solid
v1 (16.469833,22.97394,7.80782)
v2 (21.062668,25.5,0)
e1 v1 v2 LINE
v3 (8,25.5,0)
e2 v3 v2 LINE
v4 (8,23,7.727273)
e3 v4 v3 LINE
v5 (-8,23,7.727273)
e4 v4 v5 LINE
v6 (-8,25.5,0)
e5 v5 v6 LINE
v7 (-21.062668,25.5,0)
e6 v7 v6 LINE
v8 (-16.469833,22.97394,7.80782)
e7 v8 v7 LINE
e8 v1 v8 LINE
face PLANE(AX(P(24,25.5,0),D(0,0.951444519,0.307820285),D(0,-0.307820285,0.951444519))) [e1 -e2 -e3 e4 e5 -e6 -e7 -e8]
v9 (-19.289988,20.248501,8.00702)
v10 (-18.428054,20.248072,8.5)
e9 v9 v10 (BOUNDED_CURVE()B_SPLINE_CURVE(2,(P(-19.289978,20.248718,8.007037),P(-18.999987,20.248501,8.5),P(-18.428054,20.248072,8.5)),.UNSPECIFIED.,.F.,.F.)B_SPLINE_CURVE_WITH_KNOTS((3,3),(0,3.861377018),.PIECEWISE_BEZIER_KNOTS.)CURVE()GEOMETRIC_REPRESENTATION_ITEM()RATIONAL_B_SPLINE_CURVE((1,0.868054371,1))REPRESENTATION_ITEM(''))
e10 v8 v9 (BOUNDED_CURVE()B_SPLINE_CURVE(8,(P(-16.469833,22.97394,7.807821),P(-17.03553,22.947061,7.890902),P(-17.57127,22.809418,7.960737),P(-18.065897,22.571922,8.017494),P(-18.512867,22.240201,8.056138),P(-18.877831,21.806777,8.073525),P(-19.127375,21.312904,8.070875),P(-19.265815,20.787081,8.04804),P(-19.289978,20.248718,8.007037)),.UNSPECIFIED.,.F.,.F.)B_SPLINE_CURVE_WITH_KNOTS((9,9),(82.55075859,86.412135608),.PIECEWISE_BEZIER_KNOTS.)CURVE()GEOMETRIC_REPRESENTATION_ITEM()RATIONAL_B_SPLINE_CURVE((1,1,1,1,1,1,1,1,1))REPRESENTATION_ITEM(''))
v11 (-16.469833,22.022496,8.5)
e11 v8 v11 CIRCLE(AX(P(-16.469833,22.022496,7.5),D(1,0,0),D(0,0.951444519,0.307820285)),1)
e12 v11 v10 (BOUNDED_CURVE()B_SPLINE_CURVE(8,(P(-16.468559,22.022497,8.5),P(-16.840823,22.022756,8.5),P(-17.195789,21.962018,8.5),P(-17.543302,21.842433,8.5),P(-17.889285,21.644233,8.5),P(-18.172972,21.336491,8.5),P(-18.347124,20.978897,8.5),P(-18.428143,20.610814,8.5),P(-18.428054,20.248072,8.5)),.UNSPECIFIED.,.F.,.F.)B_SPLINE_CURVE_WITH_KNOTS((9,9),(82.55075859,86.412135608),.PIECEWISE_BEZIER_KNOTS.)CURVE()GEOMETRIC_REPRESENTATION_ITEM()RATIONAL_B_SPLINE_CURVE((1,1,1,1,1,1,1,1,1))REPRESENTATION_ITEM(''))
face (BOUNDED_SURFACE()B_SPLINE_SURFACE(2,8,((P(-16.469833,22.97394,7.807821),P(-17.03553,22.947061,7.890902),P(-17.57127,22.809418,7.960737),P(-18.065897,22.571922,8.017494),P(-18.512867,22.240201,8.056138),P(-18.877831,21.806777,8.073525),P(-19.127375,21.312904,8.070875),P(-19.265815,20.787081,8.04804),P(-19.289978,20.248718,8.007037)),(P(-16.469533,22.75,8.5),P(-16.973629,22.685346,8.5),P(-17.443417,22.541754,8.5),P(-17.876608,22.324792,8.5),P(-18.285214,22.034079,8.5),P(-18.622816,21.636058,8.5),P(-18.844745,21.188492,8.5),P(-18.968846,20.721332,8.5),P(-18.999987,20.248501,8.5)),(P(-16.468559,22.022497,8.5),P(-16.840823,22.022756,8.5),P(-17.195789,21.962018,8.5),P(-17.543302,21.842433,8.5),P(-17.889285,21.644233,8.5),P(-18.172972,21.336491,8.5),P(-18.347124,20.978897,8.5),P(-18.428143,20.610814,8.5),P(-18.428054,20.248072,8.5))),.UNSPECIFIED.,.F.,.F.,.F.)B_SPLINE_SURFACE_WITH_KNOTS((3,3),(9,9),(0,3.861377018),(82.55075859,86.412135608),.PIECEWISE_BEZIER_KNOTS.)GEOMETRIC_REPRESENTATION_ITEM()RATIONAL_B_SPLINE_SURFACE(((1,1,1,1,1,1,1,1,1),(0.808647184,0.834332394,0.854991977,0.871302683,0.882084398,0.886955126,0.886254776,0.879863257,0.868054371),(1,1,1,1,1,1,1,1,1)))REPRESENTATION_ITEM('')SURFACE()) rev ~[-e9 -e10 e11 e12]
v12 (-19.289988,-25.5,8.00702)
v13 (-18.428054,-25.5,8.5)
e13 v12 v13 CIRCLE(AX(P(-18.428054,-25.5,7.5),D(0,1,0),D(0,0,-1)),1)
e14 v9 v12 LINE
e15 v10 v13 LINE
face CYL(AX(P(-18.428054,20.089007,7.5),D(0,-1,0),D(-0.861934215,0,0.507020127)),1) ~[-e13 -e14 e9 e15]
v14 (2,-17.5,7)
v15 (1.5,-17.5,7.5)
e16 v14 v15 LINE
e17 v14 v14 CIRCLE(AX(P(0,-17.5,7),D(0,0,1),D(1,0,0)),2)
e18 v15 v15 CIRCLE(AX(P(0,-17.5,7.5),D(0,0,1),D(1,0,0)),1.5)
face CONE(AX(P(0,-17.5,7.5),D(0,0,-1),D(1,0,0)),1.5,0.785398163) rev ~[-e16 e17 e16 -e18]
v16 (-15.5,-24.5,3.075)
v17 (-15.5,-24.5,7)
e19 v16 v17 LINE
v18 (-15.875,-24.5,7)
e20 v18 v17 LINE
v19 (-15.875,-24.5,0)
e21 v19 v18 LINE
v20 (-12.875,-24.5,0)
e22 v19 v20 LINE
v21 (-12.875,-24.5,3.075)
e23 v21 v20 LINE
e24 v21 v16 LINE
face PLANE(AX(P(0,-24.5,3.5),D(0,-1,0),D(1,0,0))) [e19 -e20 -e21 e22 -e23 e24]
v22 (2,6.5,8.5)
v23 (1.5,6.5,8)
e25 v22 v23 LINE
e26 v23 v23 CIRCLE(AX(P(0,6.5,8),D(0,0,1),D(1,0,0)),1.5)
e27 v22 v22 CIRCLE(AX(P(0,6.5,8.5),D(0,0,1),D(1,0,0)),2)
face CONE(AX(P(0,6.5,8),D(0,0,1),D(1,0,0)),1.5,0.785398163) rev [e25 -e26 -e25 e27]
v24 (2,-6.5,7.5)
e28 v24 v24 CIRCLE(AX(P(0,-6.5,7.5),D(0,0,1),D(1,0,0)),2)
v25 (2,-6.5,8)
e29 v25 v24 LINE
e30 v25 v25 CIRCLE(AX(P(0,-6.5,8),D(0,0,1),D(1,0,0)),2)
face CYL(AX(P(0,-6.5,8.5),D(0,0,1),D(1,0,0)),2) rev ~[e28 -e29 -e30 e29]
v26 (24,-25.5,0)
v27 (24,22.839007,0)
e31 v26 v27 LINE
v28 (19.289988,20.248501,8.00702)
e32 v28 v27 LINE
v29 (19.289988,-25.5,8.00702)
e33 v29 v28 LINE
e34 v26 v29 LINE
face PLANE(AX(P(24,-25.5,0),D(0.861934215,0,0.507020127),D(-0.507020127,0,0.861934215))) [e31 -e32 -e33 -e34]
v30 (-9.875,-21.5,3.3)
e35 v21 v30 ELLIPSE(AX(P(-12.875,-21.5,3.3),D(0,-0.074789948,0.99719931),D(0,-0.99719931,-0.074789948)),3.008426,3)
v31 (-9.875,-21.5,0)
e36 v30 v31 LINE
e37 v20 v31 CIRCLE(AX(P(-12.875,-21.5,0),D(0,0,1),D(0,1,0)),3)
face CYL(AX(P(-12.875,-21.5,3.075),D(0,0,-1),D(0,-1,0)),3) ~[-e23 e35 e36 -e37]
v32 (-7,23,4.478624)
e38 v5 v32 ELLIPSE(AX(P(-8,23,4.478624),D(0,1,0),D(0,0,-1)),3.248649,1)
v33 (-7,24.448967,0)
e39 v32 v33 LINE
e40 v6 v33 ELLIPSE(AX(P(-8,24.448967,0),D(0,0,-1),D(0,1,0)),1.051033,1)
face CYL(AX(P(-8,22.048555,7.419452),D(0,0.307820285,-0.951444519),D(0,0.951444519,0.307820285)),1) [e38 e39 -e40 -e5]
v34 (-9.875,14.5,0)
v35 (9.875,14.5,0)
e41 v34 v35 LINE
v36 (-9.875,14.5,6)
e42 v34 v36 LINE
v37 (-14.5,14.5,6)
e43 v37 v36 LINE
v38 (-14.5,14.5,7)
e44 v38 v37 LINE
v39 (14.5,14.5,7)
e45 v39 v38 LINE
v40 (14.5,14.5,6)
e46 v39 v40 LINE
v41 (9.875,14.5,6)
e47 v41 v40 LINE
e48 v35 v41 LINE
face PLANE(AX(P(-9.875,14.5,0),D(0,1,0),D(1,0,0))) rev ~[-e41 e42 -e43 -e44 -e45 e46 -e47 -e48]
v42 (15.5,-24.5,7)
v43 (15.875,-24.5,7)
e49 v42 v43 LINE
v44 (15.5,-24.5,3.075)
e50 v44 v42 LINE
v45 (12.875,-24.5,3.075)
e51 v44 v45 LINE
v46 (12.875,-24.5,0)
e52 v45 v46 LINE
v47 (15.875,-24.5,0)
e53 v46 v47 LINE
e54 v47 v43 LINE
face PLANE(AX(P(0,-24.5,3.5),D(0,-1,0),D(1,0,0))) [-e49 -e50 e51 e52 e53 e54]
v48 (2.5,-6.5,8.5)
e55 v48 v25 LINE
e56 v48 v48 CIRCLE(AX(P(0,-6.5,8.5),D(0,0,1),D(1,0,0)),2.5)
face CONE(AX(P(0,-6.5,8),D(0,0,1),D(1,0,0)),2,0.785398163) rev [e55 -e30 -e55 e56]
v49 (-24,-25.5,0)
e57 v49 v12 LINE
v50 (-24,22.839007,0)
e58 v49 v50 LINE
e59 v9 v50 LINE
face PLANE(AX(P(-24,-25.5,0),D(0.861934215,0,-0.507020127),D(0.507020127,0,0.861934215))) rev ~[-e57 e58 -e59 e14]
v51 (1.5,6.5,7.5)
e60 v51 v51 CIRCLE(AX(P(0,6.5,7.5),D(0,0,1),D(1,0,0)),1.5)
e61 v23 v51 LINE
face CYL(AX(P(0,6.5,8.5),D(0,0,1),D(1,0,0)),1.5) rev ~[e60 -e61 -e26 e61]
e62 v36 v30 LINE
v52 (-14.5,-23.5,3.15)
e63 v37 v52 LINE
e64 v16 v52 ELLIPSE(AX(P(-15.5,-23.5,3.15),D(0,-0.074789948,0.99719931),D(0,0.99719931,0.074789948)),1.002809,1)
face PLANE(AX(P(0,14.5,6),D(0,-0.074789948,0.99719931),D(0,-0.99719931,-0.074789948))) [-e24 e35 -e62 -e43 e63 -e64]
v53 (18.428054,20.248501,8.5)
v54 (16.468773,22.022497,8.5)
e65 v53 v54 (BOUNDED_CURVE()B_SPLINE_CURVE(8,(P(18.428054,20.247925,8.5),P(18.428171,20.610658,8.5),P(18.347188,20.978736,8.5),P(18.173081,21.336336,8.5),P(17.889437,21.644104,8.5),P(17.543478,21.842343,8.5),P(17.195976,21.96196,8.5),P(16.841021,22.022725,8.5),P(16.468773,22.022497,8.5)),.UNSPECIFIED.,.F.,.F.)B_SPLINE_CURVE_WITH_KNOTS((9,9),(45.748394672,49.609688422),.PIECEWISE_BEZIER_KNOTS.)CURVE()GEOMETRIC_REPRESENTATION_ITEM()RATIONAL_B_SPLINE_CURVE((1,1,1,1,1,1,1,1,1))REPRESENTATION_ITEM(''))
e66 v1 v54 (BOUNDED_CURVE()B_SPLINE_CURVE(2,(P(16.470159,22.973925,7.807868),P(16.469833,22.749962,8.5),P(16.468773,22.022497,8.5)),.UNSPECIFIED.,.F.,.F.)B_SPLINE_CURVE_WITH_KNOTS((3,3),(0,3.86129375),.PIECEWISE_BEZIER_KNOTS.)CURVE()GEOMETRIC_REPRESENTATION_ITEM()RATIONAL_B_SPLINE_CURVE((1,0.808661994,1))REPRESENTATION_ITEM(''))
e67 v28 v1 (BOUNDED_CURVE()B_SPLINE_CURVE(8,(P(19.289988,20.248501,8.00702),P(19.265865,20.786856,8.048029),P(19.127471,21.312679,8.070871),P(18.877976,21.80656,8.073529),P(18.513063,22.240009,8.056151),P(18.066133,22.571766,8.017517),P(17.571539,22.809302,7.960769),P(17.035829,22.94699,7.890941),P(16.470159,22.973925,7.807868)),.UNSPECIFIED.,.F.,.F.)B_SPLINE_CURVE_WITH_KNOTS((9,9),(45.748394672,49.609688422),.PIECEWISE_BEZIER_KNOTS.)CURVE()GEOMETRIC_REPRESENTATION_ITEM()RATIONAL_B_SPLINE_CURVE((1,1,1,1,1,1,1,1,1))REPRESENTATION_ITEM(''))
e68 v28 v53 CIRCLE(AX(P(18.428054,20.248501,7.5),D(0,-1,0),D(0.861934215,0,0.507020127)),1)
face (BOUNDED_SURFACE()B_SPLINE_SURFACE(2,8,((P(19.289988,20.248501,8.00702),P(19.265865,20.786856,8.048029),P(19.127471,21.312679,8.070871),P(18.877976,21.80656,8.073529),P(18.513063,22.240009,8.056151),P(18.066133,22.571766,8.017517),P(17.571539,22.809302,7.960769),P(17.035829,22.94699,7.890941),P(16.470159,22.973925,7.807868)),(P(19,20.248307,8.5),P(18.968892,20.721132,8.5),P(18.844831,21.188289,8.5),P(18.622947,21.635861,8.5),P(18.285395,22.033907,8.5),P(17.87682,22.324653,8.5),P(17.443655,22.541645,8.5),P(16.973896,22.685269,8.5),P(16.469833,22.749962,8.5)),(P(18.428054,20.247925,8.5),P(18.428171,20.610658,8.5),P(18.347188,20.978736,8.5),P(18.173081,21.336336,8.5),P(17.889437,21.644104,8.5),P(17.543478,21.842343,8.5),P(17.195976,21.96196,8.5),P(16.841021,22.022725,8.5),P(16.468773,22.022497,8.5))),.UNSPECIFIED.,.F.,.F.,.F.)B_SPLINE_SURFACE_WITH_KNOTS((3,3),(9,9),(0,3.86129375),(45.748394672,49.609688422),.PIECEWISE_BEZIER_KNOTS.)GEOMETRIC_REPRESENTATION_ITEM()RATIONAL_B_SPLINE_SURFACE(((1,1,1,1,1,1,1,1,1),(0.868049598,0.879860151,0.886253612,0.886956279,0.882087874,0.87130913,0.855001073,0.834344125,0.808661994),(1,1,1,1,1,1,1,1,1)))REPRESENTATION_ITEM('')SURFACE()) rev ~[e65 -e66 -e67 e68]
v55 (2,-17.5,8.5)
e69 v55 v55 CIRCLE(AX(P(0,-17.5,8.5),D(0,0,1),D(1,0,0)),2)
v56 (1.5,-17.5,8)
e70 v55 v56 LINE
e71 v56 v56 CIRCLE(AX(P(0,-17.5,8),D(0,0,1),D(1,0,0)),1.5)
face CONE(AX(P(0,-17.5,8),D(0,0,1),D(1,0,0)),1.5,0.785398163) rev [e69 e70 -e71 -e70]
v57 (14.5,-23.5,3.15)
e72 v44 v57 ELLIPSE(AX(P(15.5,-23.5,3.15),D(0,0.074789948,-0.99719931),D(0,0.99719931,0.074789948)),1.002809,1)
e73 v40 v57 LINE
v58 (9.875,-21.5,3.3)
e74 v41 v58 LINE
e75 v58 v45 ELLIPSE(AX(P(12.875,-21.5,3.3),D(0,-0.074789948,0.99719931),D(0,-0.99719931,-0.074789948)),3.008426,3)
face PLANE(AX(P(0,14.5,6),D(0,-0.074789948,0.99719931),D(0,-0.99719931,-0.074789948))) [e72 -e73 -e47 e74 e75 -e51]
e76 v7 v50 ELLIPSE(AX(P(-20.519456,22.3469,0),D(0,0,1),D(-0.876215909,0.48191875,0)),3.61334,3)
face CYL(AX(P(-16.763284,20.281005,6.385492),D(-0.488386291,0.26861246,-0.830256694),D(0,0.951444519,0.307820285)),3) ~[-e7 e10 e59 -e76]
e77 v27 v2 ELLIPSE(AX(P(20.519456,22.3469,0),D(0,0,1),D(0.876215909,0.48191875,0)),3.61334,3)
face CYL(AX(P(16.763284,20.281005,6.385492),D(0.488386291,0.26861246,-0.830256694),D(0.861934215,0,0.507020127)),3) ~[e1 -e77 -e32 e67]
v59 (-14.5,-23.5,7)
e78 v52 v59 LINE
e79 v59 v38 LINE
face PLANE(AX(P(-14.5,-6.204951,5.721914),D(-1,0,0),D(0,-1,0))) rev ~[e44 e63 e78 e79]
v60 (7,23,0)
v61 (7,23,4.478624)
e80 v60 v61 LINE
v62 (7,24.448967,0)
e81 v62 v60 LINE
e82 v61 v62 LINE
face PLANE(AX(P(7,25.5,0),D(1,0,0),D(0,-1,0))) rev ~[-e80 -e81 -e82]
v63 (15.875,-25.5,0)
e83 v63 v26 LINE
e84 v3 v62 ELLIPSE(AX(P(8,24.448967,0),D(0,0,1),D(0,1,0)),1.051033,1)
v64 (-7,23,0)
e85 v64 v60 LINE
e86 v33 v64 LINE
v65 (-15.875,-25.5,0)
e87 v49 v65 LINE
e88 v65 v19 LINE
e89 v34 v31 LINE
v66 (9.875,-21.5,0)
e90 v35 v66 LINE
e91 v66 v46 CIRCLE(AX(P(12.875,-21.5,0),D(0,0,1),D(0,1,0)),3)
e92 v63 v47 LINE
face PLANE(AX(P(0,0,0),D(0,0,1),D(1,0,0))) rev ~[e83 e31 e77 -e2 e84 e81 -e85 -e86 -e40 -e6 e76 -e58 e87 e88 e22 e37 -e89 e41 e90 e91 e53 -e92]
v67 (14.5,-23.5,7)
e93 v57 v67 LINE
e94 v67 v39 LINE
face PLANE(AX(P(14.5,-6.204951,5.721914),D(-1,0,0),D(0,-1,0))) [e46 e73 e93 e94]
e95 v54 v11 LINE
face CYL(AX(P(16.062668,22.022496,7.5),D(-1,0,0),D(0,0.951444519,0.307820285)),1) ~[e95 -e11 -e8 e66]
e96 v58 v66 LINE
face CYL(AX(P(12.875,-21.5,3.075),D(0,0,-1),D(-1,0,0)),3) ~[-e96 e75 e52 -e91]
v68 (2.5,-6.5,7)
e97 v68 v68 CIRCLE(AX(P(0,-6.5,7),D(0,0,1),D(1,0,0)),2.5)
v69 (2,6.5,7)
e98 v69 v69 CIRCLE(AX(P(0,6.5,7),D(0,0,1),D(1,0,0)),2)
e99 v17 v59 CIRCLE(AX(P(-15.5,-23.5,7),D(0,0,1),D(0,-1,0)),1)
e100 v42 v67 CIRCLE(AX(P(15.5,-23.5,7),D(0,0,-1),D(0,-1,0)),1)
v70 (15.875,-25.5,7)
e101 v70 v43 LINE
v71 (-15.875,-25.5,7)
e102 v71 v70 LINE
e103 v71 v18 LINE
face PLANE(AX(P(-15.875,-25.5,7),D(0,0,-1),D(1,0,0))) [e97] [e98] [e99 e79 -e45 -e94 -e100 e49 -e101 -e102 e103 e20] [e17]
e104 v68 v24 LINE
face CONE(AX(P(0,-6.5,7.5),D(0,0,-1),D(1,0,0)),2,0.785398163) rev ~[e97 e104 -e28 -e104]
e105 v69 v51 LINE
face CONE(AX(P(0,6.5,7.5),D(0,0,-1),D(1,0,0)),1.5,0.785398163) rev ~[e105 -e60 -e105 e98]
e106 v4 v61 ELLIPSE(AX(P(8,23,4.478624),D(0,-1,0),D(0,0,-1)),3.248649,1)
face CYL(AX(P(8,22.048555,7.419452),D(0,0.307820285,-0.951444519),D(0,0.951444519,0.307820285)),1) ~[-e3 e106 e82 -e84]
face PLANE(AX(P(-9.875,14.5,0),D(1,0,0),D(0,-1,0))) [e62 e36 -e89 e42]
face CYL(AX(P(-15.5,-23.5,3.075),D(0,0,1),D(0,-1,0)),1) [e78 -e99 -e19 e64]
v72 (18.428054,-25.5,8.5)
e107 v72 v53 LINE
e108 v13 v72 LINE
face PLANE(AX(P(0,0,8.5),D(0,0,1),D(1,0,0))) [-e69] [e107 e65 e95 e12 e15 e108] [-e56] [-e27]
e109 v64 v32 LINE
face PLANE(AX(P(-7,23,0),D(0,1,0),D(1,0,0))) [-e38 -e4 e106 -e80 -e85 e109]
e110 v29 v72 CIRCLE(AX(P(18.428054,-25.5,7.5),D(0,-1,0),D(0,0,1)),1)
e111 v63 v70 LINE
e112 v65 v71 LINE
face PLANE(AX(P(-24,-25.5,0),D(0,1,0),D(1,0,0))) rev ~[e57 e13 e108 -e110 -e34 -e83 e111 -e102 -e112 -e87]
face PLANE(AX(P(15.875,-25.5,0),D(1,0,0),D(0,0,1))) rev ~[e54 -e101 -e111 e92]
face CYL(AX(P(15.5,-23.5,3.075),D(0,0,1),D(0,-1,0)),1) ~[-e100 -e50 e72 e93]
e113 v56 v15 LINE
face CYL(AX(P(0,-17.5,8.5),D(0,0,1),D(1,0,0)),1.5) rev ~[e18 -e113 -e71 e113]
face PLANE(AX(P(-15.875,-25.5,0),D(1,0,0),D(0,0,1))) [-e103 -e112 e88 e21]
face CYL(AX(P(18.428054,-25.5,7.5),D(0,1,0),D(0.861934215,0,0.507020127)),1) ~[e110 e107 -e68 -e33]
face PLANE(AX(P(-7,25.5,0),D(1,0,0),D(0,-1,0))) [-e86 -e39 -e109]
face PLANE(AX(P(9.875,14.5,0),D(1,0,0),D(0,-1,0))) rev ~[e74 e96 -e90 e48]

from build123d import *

# Parameters (mm, degrees)
SKETCH_W        = 48
SKETCH_H        = 51
PAD_DEPTH       = 8.5
POCKET_DEPTH    = 48.001
POCKET001_DEPTH = 51.001
SKETCH002_W     = 19.75
SKETCH002_H     = 40
POCKET002_DEPTH = 7
POCKET003_DEPTH = 14.5
SKETCH005_W     = 14
SKETCH005_H     = 2.5
POCKET005_DEPTH = 8.501
SKETCH007_W     = 31.75
SKETCH007_H     = 7
POCKET006_DEPTH = 1
FILLET_R        = 3
FILLET001_R     = 1
SKETCH004_R     = 1.5
SKETCH004_R_2   = 2
POCKET007_DEPTH = 5
CHAMFER_SIZE    = 0.5


with BuildPart() as part:
    # Sketch → Pad (new body)
    with BuildSketch(Plane.XY):
        Rectangle(SKETCH_W, SKETCH_H)
    extrude(amount=PAD_DEPTH)

    # Sketch006 (on Face2 of Pad) → Pocket (cut, through all)
    with BuildSketch(Plane.YZ.offset(24)):
        Polygon((25.5, 8.5), (25.5, 0), (22.75, 8.5), align=None)
    extrude(amount=-POCKET_DEPTH, mode=Mode.SUBTRACT)

    # Sketch001 (on Face3 of Pad) → Pocket001 (cut, through all)
    with BuildSketch(Plane.XZ.offset(25.5)):
        Polygon((-24, 8.5), (-24, 0), (-19, 8.5), align=None)
        Polygon((24, 8.5), (24, 0), (19, 8.5), align=None)
    extrude(amount=-POCKET001_DEPTH, mode=Mode.SUBTRACT)

    # Sketch002 → Pocket002 (cut)
    with BuildSketch(Plane(origin=(0, 0, 0), x_dir=(1, 0, 0), z_dir=(0, 0, -1))):
        with Locations((0, 5.5)):
            Rectangle(SKETCH002_W, SKETCH002_H)
    extrude(amount=-POCKET002_DEPTH, mode=Mode.SUBTRACT)

    # Sketch003 → Pocket003 (cut, symmetric)
    with BuildSketch(Plane.YZ):
        Polygon((-25.5, 3), (-25.5, 7), (14.5, 7), (14.5, 6), align=None)
    extrude(amount=POCKET003_DEPTH, both=True, mode=Mode.SUBTRACT)

    # Sketch005 → Pocket005 (cut, through all)
    with BuildSketch(Plane(origin=(0, 0, 0), x_dir=(1, 0, 0), z_dir=(0, 0, -1))):
        with Locations((0, -24.25)):
            Rectangle(SKETCH005_W, SKETCH005_H)
    extrude(amount=-POCKET005_DEPTH, mode=Mode.SUBTRACT)

    # Sketch007 (on Face2 of Pocket005) → Pocket006 (cut)
    with BuildSketch(Plane.XZ.offset(25.5)):
        with Locations((0, 3.5)):
            Rectangle(SKETCH007_W, SKETCH007_H)
    extrude(amount=-POCKET006_DEPTH, mode=Mode.SUBTRACT)

    # Fillet
    fillet_edges = [part.edges().sort_by_distance(p)[0] for p in [
        (21.5, 24.125, 4.25),
        (-21.5, 24.125, 4.25),
        (-9.875, -24.5, 1.5375),
        (9.875, -24.5, 1.5375),
    ]]
    fillet(fillet_edges, radius=FILLET_R)

    # Fillet001
    fillet001_edges = [part.edges().sort_by_distance(p)[0] for p in [
        (19, -2.705496, 8.5),
        (7, 24.25, 3.863636),
        (-7, 24.25, 3.863636),
        (-14.5, -24.5, 5.0375),
        (14.5, -24.5, 5.0375),
    ]]
    fillet(fillet001_edges, radius=FILLET001_R)

    # Sketch004 (on Face25 of Fillet001) → Pocket007 (cut)
    with BuildSketch(Plane.XY.offset(8.5)):
        with Locations((0, 6.5)):
            Circle(SKETCH004_R)
        with Locations((0, -6.5)):
            Circle(SKETCH004_R_2)
        with Locations((0, -17.5)):
            Circle(SKETCH004_R)
    extrude(amount=-POCKET007_DEPTH, mode=Mode.SUBTRACT)

    # Chamfer
    chamfer_edges = [part.edges().sort_by_distance(p)[0] for p in [
        (-2, -6.5, 8.5),
        (-1.5, -17.5, 8.5),
        (-1.5, 6.5, 8.5),
        (-1.5, -17.5, 7),
        (-2, -6.5, 7),
        (-1.5, 6.5, 7),
    ]]
    chamfer(chamfer_edges, length=CHAMFER_SIZE)


solid = part.part
